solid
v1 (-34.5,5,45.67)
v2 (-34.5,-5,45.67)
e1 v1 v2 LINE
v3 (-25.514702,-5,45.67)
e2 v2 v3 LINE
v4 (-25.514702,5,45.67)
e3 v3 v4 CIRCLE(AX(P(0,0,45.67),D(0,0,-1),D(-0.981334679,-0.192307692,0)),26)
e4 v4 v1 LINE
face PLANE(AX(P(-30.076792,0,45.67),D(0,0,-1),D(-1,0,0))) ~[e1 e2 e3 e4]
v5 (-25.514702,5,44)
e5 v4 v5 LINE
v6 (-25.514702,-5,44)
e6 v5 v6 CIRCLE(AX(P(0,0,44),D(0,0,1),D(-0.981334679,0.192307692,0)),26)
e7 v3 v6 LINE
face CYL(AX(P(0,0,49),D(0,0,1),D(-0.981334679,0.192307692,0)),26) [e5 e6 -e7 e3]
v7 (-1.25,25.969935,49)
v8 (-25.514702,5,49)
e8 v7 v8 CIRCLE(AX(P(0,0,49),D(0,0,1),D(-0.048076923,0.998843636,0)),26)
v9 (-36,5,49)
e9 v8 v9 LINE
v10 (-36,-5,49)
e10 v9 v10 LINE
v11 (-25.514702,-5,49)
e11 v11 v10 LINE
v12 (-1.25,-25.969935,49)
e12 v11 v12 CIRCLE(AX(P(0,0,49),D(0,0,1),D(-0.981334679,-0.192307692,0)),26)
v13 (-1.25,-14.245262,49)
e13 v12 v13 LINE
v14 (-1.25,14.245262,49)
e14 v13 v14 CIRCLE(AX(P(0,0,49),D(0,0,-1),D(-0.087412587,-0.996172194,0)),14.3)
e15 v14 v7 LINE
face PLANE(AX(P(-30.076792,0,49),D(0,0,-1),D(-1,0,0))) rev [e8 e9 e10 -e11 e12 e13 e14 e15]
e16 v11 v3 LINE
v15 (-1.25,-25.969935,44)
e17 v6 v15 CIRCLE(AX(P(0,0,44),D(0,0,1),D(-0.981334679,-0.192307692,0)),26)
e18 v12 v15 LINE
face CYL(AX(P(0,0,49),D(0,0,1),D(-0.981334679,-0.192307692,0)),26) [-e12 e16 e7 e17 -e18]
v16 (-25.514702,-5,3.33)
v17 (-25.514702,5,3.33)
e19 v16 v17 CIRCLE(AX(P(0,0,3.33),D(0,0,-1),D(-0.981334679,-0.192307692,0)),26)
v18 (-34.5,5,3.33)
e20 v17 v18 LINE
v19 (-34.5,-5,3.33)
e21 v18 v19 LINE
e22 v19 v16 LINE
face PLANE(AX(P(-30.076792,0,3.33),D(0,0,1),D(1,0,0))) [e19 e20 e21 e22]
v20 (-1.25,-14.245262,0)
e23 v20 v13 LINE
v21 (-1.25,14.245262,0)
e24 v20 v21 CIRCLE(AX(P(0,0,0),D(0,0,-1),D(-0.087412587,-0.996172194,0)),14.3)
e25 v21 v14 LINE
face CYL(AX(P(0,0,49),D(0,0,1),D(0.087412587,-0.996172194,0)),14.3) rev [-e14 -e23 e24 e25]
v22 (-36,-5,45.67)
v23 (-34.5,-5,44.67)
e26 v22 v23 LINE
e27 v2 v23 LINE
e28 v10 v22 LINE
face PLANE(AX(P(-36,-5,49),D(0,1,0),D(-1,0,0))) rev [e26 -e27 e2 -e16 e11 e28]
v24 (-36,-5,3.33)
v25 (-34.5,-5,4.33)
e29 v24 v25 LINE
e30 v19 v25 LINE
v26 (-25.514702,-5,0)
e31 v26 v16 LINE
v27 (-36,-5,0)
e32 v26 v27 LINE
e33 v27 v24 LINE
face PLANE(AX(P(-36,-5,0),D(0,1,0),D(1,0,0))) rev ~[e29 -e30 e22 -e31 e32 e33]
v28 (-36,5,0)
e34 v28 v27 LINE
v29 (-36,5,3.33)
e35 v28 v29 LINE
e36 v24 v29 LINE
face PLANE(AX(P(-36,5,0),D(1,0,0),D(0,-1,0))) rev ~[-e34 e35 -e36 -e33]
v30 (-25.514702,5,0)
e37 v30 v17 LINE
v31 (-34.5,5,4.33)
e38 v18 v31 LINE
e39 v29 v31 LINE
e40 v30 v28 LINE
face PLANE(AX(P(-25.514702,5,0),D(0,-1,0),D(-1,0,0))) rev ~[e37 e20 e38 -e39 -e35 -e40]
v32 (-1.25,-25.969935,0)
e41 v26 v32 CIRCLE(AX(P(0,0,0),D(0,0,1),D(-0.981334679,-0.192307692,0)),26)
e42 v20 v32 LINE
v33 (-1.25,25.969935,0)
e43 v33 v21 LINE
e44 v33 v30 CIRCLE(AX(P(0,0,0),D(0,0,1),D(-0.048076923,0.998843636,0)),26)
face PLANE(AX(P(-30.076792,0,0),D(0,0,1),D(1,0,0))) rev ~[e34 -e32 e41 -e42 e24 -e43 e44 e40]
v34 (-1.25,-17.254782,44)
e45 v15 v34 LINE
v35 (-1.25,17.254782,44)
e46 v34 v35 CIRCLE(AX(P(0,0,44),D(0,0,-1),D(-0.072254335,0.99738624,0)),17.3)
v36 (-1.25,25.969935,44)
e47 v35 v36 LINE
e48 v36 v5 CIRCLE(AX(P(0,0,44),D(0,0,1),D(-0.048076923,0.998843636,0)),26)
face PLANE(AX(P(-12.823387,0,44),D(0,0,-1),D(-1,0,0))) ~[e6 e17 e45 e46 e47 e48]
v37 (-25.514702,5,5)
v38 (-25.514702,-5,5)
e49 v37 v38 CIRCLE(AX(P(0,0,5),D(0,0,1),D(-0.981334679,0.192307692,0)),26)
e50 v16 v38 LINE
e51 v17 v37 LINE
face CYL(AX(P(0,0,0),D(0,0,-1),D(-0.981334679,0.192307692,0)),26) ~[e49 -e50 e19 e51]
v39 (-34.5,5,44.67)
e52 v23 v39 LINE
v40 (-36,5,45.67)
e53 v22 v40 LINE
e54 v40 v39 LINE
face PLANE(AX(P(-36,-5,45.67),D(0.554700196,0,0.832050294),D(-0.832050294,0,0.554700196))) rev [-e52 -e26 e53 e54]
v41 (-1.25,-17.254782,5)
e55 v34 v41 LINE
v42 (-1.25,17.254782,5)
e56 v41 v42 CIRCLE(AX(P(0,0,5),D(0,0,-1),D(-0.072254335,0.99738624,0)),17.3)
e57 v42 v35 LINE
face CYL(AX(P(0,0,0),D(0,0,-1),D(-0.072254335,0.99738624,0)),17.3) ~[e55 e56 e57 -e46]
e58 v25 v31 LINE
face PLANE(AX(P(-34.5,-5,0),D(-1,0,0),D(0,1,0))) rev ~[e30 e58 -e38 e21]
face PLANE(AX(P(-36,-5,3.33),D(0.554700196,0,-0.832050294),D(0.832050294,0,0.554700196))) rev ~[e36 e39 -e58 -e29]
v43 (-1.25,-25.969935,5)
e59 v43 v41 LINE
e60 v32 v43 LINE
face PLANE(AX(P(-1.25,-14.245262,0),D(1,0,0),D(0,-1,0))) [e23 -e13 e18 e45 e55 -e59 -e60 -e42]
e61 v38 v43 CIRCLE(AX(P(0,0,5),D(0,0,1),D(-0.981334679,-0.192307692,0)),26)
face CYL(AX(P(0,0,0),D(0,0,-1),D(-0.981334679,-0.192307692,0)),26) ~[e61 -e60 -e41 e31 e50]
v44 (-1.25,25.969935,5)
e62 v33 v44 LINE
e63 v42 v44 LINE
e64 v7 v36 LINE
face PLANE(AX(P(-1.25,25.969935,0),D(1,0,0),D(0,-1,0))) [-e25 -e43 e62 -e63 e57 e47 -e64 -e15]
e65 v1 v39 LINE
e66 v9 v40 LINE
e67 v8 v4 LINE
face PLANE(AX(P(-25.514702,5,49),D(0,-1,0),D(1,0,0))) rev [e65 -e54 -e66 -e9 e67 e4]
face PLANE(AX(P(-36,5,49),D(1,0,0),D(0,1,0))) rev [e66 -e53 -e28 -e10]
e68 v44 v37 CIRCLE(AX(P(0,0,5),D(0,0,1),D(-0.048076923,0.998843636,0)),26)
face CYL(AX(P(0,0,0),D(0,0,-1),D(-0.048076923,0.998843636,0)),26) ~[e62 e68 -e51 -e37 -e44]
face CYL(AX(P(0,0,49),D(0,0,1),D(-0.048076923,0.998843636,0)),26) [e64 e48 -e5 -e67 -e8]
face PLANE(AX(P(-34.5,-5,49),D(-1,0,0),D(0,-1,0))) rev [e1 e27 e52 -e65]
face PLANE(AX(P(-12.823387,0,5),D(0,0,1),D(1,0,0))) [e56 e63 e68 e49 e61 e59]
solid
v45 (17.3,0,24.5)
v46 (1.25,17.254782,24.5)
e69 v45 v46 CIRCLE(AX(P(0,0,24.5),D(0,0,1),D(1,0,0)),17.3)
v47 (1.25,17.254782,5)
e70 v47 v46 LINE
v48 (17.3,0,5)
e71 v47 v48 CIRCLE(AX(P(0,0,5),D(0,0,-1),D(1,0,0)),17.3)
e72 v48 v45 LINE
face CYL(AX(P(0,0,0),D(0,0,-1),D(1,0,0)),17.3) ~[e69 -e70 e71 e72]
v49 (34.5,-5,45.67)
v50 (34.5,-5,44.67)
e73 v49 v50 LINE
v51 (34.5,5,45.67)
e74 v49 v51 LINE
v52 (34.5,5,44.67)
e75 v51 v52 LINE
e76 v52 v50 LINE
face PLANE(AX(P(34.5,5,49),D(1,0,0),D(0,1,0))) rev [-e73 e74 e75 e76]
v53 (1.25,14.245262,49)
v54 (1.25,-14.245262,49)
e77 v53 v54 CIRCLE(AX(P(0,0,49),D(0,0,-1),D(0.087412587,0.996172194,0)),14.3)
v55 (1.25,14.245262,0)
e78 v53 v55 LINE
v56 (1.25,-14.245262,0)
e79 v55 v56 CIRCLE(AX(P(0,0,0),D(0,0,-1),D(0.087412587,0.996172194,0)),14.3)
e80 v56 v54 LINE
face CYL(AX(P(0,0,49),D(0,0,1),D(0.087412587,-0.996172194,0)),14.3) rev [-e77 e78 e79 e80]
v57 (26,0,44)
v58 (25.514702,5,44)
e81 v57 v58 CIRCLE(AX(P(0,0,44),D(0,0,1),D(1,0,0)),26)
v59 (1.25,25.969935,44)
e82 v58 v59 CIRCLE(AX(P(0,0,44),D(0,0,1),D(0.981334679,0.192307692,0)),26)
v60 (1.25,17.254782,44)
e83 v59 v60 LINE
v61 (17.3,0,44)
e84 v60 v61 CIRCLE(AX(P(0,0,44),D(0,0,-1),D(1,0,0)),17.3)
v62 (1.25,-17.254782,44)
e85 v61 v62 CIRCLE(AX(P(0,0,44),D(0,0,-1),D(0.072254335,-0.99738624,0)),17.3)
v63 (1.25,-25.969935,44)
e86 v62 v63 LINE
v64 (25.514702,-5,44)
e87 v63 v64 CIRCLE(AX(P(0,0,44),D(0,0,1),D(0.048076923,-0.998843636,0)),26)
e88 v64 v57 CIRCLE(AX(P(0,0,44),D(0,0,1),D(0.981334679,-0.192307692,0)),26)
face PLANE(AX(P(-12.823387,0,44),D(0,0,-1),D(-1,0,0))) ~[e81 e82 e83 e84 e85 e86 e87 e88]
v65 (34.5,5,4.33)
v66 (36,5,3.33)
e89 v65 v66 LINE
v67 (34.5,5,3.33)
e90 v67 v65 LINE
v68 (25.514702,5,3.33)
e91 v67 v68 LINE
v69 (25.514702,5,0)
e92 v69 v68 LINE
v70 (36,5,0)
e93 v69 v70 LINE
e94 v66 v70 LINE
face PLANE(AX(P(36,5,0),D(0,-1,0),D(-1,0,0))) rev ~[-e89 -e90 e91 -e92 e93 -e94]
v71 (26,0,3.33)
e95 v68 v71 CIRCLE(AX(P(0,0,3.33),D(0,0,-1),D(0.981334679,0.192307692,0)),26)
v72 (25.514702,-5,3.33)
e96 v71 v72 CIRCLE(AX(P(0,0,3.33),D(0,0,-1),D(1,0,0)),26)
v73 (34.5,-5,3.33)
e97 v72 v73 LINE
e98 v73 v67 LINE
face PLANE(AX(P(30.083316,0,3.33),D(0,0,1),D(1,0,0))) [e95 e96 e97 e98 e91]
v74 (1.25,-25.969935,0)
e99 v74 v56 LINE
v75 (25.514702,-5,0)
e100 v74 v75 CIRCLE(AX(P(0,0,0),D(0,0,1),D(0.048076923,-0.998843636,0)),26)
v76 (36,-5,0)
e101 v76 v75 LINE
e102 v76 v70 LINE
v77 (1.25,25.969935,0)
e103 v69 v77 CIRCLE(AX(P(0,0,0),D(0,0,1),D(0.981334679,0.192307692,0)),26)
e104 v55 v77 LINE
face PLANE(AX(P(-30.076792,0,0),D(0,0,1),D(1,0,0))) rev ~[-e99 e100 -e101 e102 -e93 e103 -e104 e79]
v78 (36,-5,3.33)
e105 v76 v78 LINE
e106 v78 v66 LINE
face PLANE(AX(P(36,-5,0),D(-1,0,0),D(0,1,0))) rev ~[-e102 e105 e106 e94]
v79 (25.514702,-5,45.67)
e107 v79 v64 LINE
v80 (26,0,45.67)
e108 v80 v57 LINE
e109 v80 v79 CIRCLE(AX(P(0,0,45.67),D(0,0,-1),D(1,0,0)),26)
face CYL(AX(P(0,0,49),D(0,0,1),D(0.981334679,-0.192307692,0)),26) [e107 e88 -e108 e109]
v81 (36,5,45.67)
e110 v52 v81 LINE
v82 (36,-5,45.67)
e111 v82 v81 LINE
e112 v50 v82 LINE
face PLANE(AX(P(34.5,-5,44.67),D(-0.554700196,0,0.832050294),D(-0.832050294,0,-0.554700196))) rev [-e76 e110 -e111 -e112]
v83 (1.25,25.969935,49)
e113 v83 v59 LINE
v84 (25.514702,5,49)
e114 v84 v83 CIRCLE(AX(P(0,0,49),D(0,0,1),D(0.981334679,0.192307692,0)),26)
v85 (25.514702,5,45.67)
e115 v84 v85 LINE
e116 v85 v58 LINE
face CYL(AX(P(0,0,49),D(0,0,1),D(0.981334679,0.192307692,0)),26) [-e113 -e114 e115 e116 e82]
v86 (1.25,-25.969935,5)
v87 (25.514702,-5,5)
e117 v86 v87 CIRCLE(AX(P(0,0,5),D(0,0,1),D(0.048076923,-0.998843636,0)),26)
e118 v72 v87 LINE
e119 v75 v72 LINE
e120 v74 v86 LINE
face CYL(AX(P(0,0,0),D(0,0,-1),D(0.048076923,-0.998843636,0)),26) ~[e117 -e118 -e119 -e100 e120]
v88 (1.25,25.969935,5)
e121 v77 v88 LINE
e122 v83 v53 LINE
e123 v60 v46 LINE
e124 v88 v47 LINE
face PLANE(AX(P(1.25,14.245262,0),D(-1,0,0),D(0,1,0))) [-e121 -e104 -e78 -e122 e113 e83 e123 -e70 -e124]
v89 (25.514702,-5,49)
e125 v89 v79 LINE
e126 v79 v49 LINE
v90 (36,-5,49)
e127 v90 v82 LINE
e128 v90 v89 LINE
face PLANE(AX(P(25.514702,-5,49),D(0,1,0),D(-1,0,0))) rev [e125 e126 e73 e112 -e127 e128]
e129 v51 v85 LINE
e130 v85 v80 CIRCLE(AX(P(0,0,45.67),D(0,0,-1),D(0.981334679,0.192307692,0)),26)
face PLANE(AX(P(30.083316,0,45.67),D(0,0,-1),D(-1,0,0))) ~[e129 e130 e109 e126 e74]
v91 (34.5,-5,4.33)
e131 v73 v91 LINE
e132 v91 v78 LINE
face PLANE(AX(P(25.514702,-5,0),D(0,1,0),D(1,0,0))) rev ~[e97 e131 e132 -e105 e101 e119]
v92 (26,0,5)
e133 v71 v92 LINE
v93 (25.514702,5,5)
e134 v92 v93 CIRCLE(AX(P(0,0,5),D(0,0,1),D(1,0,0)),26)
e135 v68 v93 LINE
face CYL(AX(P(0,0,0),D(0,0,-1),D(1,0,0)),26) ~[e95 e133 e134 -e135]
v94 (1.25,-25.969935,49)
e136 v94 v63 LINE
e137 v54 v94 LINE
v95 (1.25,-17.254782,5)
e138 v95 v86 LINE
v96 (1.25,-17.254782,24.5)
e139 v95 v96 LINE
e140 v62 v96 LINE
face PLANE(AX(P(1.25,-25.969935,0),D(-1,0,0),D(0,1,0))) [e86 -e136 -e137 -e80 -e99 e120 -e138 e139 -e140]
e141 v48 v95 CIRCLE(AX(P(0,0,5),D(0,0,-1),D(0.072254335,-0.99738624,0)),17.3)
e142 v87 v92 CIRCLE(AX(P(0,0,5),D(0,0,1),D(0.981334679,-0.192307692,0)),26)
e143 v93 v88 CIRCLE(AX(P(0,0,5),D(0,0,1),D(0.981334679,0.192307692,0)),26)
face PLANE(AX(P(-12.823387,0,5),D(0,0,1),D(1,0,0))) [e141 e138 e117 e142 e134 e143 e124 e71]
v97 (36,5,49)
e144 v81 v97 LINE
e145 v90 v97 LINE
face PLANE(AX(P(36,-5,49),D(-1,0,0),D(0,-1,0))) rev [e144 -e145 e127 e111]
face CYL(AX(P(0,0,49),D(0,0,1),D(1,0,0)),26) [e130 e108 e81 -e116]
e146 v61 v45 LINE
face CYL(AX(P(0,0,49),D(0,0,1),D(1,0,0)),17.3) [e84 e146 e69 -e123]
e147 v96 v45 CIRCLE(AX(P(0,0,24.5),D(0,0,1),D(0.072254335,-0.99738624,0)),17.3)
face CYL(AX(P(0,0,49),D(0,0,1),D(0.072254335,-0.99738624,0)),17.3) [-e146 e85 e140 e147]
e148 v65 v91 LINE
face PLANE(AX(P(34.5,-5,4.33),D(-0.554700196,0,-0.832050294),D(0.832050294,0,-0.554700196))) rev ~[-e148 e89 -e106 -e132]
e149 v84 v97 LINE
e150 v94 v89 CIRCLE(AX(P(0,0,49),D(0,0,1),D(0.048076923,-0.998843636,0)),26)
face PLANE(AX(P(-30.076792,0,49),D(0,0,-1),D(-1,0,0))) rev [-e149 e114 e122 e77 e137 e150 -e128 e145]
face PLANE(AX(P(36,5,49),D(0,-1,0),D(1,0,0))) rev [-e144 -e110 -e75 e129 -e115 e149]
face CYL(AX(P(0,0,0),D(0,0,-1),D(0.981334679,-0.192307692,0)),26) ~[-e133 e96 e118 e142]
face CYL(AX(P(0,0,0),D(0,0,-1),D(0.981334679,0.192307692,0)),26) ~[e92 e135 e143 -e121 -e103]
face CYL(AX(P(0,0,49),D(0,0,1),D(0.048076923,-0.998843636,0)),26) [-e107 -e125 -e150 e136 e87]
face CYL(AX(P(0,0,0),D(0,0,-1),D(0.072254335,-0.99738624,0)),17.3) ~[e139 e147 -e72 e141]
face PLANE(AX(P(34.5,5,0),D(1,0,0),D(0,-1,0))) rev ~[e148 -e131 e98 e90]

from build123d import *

# Parameters (mm, degrees)
F1_DEPTH = 5
F2_DEPTH = 3.33
F3_DEPTH = 4.33
F6_DEPTH = 10
F7_DEPTH = 24.5
F9_DEPTH = 49.001


with BuildPart() as f1:
    # F0 (on Top) → F1 (new body)
    with BuildSketch(Plane.XY):
        with BuildLine():
            Line((-1.25, 17.2547819459), (-1.25, 25.9699345398))
            ThreePointArc((-1.25, 25.9699345398), (-17.000642699, 19.6717601607), (-25.5147016443, 5))
            ThreePointArc((-25.5147016443, 5), (-26, 0), (-25.5147016443, -5))
            ThreePointArc((-25.5147016443, -5), (-17.000642699, -19.6717601607), (-1.25, -25.9699345398))
            Line((-1.25, -25.9699345398), (-1.25, -17.2547819459))
            ThreePointArc((-1.25, -17.2547819459), (-17.3, 0), (-1.25, 17.2547819459))
        make_face()
        with BuildLine():
            ThreePointArc((25.5147016443, -5), (25.8783910121, -2.511748121), (26, 0))
            ThreePointArc((26, 0), (25.8783910121, 2.511748121), (25.5147016443, 5))
            ThreePointArc((25.5147016443, 5), (17.000642699, 19.6717601607), (1.25, 25.9699345398))
            Line((1.25, 25.9699345398), (1.25, 17.2547819459))
            ThreePointArc((1.25, 17.2547819459), (12.6671820071, 11.782720399), (17.3, 0))
            ThreePointArc((17.3, 0), (12.6671820071, -11.782720399), (1.25, -17.2547819459))
            Line((1.25, -17.2547819459), (1.25, -25.9699345398))
            ThreePointArc((1.25, -25.9699345398), (17.000642699, -19.6717601607), (25.5147016443, -5))
        make_face()
        with BuildLine():
            Line((1.25, 17.2547819459), (1.25, 25.9699345398))
            ThreePointArc((1.25, 25.9699345398), (0, 26), (-1.25, 25.9699345398))
            Line((-1.25, 25.9699345398), (-1.25, 17.2547819459))
            ThreePointArc((-1.25, 17.2547819459), (0, 17.3), (1.25, 17.2547819459))
        make_face()
        with BuildLine():
            ThreePointArc((-1.25, -25.9699345398), (0, -26), (1.25, -25.9699345398))
            Line((1.25, -25.9699345398), (1.25, -17.2547819459))
            ThreePointArc((1.25, -17.2547819459), (0, -17.3), (-1.25, -17.2547819459))
            Line((-1.25, -17.2547819459), (-1.25, -25.9699345398))
        make_face()
        with BuildLine():
            Line((-1.25, 14.2452623703), (-1.25, 17.2547819459))
            ThreePointArc((-1.25, 17.2547819459), (-17.3, 0), (-1.25, -17.2547819459))
            Line((-1.25, -17.2547819459), (-1.25, -14.2452623703))
            ThreePointArc((-1.25, -14.2452623703), (-14.3, 0), (-1.25, 14.2452623703))
        make_face()
        with BuildLine():
            ThreePointArc((17.3, 0), (12.6671820071, 11.782720399), (1.25, 17.2547819459))
            Line((1.25, 17.2547819459), (1.25, 14.2452623703))
            ThreePointArc((1.25, 14.2452623703), (10.5443112625, 9.6595807362), (14.3, 0))
            ThreePointArc((14.3, 0), (10.5443112625, -9.6595807362), (1.25, -14.2452623703))
            Line((1.25, -14.2452623703), (1.25, -17.2547819459))
            ThreePointArc((1.25, -17.2547819459), (12.6671820071, -11.782720399), (17.3, 0))
        make_face()
        with BuildLine():
            ThreePointArc((-1.25, -17.2547819459), (0, -17.3), (1.25, -17.2547819459))
            Line((1.25, -17.2547819459), (1.25, -14.2452623703))
            ThreePointArc((1.25, -14.2452623703), (0, -14.3), (-1.25, -14.2452623703))
            Line((-1.25, -14.2452623703), (-1.25, -17.2547819459))
        make_face()
        with BuildLine():
            Line((1.25, 14.2452623703), (1.25, 17.2547819459))
            ThreePointArc((1.25, 17.2547819459), (0, 17.3), (-1.25, 17.2547819459))
            Line((-1.25, 17.2547819459), (-1.25, 14.2452623703))
            ThreePointArc((-1.25, 14.2452623703), (0, 14.3), (1.25, 14.2452623703))
        make_face()
    extrude(amount=F1_DEPTH)

    # F0 (on Top) → F2 (join)
    with BuildSketch(Plane.XY):
        with BuildLine():
            ThreePointArc((-25.5147016443, -5), (-26, 0), (-25.5147016443, 5))
            Line((-25.5147016443, 5), (-34.5, 5))
            Line((-34.5, 5), (-34.5, 0))
            Line((-34.5, 0), (-34.5, -5))
            Line((-34.5, -5), (-25.5147016443, -5))
        make_face()
        Polygon((-34.5, 0), (-34.5, 5), (-36, 5), (-36, 0), (-36, -5), (-34.5, -5), align=None)
        with BuildLine():
            ThreePointArc((25.5147016443, 5), (25.8783910121, 2.511748121), (26, 0))
            ThreePointArc((26, 0), (25.8783910121, -2.511748121), (25.5147016443, -5))
            Line((25.5147016443, -5), (34.5, -5))
            Line((34.5, -5), (34.5, 0))
            Line((34.5, 0), (34.5, 5))
            Line((34.5, 5), (25.5147016443, 5))
        make_face()
        Polygon((36, 5), (34.5, 5), (34.5, 0), (34.5, -5), (36, -5), (36, 0), align=None)
    extrude(amount=F2_DEPTH)

    # F0 (on Top) → F3 (join)
    with BuildSketch(Plane.XY):
        Polygon((-34.5, 0), (-34.5, 5), (-36, 5), (-36, 0), (-36, -5), (-34.5, -5), align=None)
        Polygon((36, 5), (34.5, 5), (34.5, 0), (34.5, -5), (36, -5), (36, 0), align=None)
    extrude(amount=F3_DEPTH)

    # F4 (on face) + F5 (on face) → F6 (cut, through all)
    with BuildSketch(Plane.XZ.offset(5)):
        Polygon((-36, 3.33), (-34.5, 4.33), (-36, 4.33), align=None)
    with BuildSketch(Plane.XZ.offset(5)):
        Polygon((36, 4.33), (34.5, 4.33), (36, 3.33), align=None)
    extrude(amount=-F6_DEPTH, mode=Mode.SUBTRACT)

    # F0 (on Top) → F7 (join)
    with BuildSketch(Plane.XY):
        with BuildLine():
            Line((-1.25, 14.2452623703), (-1.25, 17.2547819459))
            ThreePointArc((-1.25, 17.2547819459), (-17.3, 0), (-1.25, -17.2547819459))
            Line((-1.25, -17.2547819459), (-1.25, -14.2452623703))
            ThreePointArc((-1.25, -14.2452623703), (-14.3, 0), (-1.25, 14.2452623703))
        make_face()
        with BuildLine():
            ThreePointArc((17.3, 0), (12.6671820071, 11.782720399), (1.25, 17.2547819459))
            Line((1.25, 17.2547819459), (1.25, 14.2452623703))
            ThreePointArc((1.25, 14.2452623703), (10.5443112625, 9.6595807362), (14.3, 0))
            ThreePointArc((14.3, 0), (10.5443112625, -9.6595807362), (1.25, -14.2452623703))
            Line((1.25, -14.2452623703), (1.25, -17.2547819459))
            ThreePointArc((1.25, -17.2547819459), (12.6671820071, -11.782720399), (17.3, 0))
        make_face()
        with BuildLine():
            ThreePointArc((-1.25, -17.2547819459), (0, -17.3), (1.25, -17.2547819459))
            Line((1.25, -17.2547819459), (1.25, -14.2452623703))
            ThreePointArc((1.25, -14.2452623703), (0, -14.3), (-1.25, -14.2452623703))
            Line((-1.25, -14.2452623703), (-1.25, -17.2547819459))
        make_face()
        with BuildLine():
            Line((1.25, 14.2452623703), (1.25, 17.2547819459))
            ThreePointArc((1.25, 17.2547819459), (0, 17.3), (-1.25, 17.2547819459))
            Line((-1.25, 17.2547819459), (-1.25, 14.2452623703))
            ThreePointArc((-1.25, 14.2452623703), (0, 14.3), (1.25, 14.2452623703))
        make_face()
    extrude(amount=F7_DEPTH)

    # F8: F1 across face


with BuildPart() as f1_1:
    add(f1.part)
    add(f1.part.mirror(Plane.XY.offset(24.5)))

    # F0 (on Top) → F9 (cut, through all)
    with BuildSketch(Plane.XY):
        with BuildLine():
            ThreePointArc((-1.25, -25.9699345398), (0, -26), (1.25, -25.9699345398))
            Line((1.25, -25.9699345398), (1.25, -17.2547819459))
            ThreePointArc((1.25, -17.2547819459), (0, -17.3), (-1.25, -17.2547819459))
            Line((-1.25, -17.2547819459), (-1.25, -25.9699345398))
        make_face()
        with BuildLine():
            Line((1.25, 17.2547819459), (1.25, 25.9699345398))
            ThreePointArc((1.25, 25.9699345398), (0, 26), (-1.25, 25.9699345398))
            Line((-1.25, 25.9699345398), (-1.25, 17.2547819459))
            ThreePointArc((-1.25, 17.2547819459), (0, 17.3), (1.25, 17.2547819459))
        make_face()
        with BuildLine():
            ThreePointArc((-1.25, -17.2547819459), (0, -17.3), (1.25, -17.2547819459))
            Line((1.25, -17.2547819459), (1.25, -14.2452623703))
            ThreePointArc((1.25, -14.2452623703), (0, -14.3), (-1.25, -14.2452623703))
            Line((-1.25, -14.2452623703), (-1.25, -17.2547819459))
        make_face()
        with BuildLine():
            Line((1.25, 14.2452623703), (1.25, 17.2547819459))
            ThreePointArc((1.25, 17.2547819459), (0, 17.3), (-1.25, 17.2547819459))
            Line((-1.25, 17.2547819459), (-1.25, 14.2452623703))
            ThreePointArc((-1.25, 14.2452623703), (0, 14.3), (1.25, 14.2452623703))
        make_face()
    extrude(amount=F9_DEPTH, mode=Mode.SUBTRACT)


solid = f1_1.part
